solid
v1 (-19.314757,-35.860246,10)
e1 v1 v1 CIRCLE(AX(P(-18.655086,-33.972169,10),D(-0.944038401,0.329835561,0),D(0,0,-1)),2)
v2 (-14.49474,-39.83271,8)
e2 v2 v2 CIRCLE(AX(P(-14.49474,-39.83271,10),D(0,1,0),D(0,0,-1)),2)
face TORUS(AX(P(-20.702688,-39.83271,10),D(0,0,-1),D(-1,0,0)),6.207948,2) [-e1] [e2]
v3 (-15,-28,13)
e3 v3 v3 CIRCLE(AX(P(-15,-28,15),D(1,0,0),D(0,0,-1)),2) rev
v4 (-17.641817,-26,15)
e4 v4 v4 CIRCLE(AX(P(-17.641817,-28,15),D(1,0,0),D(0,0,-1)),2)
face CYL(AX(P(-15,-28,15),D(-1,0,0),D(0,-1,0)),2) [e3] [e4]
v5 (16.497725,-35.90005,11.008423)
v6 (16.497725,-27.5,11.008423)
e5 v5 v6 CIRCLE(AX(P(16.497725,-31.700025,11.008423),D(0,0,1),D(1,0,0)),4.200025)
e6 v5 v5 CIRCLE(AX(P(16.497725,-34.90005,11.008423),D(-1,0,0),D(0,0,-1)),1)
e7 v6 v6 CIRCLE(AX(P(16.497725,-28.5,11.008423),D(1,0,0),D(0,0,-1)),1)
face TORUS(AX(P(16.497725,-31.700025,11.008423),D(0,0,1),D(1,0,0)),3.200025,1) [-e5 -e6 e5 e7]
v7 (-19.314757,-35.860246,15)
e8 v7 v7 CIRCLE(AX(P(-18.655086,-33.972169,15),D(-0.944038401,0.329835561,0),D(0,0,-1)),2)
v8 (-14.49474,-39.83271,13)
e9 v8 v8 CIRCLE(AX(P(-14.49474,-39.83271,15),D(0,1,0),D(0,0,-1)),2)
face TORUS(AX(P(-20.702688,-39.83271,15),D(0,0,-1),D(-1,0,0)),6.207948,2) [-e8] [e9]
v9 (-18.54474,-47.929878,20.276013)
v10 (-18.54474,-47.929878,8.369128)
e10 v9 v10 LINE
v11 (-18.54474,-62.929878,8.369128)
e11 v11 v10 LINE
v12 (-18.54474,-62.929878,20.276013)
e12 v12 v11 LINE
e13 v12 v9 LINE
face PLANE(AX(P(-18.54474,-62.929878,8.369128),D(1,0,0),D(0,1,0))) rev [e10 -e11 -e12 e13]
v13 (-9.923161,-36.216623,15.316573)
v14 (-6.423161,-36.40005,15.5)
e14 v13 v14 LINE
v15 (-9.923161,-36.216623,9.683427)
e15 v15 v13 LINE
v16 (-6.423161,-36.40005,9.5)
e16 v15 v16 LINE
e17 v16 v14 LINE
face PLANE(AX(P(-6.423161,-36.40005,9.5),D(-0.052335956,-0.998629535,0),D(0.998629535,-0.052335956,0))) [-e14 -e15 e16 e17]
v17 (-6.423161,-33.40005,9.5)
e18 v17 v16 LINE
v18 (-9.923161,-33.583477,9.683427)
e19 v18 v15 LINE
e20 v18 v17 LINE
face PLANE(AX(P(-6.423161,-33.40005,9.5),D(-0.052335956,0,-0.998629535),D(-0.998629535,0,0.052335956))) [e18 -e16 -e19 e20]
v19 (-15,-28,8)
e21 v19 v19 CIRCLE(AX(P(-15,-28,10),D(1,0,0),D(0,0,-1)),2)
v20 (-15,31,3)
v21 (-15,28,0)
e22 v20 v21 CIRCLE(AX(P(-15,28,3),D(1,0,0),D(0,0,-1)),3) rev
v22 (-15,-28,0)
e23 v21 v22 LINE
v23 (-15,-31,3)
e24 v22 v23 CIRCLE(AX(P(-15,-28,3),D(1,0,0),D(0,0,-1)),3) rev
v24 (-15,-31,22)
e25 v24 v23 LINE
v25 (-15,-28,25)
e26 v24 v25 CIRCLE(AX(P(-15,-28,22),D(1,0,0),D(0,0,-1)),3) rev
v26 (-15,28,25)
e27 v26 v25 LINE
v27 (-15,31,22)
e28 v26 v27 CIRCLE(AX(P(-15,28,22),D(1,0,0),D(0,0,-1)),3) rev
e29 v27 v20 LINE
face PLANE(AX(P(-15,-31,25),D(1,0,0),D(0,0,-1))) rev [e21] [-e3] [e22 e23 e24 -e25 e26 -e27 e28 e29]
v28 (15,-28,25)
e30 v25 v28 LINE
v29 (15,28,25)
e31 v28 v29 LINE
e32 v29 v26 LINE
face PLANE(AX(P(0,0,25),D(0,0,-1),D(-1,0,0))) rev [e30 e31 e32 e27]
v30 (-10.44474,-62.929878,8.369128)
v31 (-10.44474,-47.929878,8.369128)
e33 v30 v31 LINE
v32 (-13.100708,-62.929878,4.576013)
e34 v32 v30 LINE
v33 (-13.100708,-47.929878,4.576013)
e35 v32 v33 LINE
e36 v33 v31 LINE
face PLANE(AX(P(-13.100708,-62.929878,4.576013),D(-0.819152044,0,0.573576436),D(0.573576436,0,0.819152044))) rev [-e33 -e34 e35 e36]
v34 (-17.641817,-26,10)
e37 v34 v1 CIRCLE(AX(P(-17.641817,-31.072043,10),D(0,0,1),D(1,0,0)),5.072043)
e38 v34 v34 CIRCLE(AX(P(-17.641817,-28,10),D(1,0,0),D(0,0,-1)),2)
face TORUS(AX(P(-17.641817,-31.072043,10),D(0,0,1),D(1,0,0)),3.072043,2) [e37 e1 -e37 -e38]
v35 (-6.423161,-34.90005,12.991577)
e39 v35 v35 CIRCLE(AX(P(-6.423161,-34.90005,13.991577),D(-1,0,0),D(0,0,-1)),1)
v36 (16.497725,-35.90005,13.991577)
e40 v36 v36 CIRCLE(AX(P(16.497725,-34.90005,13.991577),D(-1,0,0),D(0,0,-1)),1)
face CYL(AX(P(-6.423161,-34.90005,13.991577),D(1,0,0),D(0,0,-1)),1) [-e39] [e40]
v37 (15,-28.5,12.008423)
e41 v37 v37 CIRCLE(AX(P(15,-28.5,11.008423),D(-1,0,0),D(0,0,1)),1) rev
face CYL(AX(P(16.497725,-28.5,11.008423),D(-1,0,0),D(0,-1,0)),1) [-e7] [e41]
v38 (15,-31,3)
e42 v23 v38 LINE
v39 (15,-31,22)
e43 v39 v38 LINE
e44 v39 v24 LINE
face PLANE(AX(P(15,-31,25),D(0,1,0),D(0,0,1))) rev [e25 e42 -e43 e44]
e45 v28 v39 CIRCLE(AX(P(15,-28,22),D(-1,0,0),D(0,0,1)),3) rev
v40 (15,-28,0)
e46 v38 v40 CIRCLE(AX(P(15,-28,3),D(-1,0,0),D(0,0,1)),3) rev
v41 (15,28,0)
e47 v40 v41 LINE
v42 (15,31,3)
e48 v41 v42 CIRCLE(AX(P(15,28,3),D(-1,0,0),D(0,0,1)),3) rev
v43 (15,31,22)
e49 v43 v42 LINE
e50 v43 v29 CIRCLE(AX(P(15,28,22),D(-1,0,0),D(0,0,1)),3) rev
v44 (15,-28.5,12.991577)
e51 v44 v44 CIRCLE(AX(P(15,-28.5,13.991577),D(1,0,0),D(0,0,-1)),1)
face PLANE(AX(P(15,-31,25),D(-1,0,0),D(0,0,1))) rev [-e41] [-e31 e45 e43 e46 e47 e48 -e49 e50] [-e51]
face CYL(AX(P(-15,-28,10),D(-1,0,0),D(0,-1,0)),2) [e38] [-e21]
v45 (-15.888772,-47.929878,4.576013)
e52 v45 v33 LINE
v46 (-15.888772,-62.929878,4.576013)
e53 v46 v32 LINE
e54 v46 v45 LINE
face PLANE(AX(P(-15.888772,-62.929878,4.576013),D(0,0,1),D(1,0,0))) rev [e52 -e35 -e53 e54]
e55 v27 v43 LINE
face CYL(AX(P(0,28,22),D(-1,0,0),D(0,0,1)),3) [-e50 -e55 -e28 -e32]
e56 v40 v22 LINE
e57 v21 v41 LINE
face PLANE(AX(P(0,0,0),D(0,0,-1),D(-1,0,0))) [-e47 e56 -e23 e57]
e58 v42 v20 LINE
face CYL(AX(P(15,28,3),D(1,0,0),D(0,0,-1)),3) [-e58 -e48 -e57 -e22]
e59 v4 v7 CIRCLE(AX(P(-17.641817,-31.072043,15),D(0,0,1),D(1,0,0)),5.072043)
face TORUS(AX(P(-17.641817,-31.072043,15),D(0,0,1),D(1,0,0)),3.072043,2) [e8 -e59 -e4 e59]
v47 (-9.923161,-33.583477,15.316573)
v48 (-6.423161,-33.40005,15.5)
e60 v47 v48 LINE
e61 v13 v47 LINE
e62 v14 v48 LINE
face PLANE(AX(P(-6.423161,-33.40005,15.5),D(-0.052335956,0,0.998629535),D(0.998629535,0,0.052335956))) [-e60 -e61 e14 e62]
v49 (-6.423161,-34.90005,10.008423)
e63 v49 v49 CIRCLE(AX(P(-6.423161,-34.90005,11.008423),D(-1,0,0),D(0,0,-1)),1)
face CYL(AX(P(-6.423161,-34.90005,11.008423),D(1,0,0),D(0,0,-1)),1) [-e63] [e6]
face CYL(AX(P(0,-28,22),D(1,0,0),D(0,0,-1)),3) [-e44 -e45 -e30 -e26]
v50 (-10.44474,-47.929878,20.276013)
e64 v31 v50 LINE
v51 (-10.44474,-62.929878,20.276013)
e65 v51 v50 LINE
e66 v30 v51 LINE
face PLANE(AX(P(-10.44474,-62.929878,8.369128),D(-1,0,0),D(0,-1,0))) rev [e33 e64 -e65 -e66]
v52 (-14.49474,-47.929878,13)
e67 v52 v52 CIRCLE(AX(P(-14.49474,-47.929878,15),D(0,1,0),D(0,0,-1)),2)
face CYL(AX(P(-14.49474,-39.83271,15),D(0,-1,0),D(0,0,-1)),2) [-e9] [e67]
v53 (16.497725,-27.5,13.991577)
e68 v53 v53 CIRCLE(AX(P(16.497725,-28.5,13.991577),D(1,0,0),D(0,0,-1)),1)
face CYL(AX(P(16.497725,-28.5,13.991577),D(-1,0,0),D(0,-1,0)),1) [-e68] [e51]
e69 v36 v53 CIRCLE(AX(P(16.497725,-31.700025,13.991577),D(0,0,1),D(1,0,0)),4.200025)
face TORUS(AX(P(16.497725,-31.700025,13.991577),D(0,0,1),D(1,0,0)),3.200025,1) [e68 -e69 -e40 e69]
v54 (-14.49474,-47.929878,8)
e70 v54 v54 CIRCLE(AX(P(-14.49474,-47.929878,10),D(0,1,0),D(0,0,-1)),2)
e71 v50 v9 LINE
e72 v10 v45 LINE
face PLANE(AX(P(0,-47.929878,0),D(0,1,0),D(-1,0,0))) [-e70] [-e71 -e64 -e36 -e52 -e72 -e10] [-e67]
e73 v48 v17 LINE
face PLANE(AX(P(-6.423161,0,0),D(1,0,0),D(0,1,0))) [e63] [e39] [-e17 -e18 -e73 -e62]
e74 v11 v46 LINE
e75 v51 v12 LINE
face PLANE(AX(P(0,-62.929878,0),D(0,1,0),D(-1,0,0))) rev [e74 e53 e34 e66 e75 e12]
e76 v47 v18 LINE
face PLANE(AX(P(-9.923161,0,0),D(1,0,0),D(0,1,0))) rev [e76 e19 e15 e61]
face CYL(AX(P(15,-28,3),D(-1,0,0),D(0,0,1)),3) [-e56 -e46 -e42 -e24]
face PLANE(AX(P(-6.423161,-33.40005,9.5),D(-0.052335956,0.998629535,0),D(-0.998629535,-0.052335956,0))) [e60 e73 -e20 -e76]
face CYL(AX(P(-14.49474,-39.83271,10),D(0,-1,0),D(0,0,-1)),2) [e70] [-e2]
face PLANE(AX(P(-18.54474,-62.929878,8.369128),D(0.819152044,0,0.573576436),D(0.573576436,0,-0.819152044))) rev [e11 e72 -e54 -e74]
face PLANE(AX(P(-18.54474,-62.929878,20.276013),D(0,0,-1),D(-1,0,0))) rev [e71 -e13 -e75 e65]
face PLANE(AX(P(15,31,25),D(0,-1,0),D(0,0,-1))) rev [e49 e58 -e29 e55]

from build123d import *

# Parameters (mm, degrees)
SKETCH1_W           = 62
SKETCH1_H           = 30
BOSS_EXTRUDE1_DEPTH = 25
FILLET1_R           = 3
SKETCH2_R           = 2
SKETCH5_R           = 1
SKETCH7_W           = 3
SKETCH7_H           = 6
BOSS_EXTRUDE2_DEPTH = 3.5
BOSS_EXTRUDE2_TAPER = 3
BOSS_EXTRUDE3_DEPTH = 15


with BuildPart() as part:
    # Sketch1 → Boss-Extrude1 (new body)
    with BuildSketch(Plane(origin=(0, 0, 0), x_dir=(0, 1, 0), z_dir=(0, 0, 1))):
        Rectangle(SKETCH1_W, SKETCH1_H)
    extrude(amount=BOSS_EXTRUDE1_DEPTH)

    # Fillet1
    fillet1_edges = [part.edges().sort_by_distance(p)[0] for p in [
        (0, -31, 25),
        (0, 31, 25),
        (0, -31, 0),
        (0, 31, 0),
    ]]
    fillet(fillet1_edges, radius=FILLET1_R)

    # Sweep2: sweep along a path in Sketch4
    with BuildLine(Plane(origin=(0, 0, 0), x_dir=(0, 1, 0), z_dir=(0, 0, 1))) as sweep2_path:
        Line((-28, 15), (-28, 17.641817009))
        ThreePointArc((-28, 17.641817009), (-30.558167955, 20.670575721), (-33.97216907, 18.655085952))
        ThreePointArc((-33.97216907, 18.655085952), (-36.239159807, 15.640572518), (-39.83271041, 14.494739937))
        Line((-39.83271041, 14.494739937), (-47.929878258, 14.494739937))
    # Sketch2 → Sweep2 (sweep)
    with BuildSketch(Plane(origin=(-15, 0, 10), x_dir=(0, 0, -1), z_dir=(1, 0, 0))):
        with Locations((0, -28)):
            Circle(SKETCH2_R)
        with Locations((-5, -28)):
            Circle(SKETCH2_R)
    sweep(path=sweep2_path.line)

    # Sweep3: sweep along a path in Sketch6
    with BuildLine(Plane(origin=(0, 0, 0), x_dir=(0, 1, 0), z_dir=(0, 0, 1))) as sweep3_path:
        Line((-28.5, -15), (-28.5, -16.497724548))
        ThreePointArc((-28.5, -16.497724548), (-31.700025095, -19.697749643), (-34.900050191, -16.497724548))
        Line((-34.900050191, -16.497724548), (-34.900050191, 6.423160741))
    # Sketch5 → Sweep3 (sweep)
    with BuildSketch(Plane.YZ.offset(15)):
        with Locations((-28.5, 13.991576598)):
            Circle(SKETCH5_R)
        with Locations((-28.5, 11.008423402)):
            Circle(SKETCH5_R)
    sweep(path=sweep3_path.line)

    # Sketch7 → Boss-Extrude2 (add)
    with BuildSketch(Plane(origin=(-6.423160741, 0, 0), x_dir=(0, -1, 0), z_dir=(-1, 0, 0))):
        with Locations((34.900050191, 12.5)):
            Rectangle(SKETCH7_W, SKETCH7_H)
    extrude(amount=BOSS_EXTRUDE2_DEPTH, taper=BOSS_EXTRUDE2_TAPER)

    # Sketch8 → Boss-Extrude3 (add)
    with BuildSketch(Plane.XZ.offset(47.929878258)):
        Polygon((-18.544739937, 8.369128369), (-15.888771627, 4.576012521), (-13.100708247, 4.576012521), (-10.444739937, 8.369128369), (-10.444739937, 20.276012521), (-18.544739937, 20.276012521), align=None)
    extrude(amount=BOSS_EXTRUDE3_DEPTH)


solid = part.part
